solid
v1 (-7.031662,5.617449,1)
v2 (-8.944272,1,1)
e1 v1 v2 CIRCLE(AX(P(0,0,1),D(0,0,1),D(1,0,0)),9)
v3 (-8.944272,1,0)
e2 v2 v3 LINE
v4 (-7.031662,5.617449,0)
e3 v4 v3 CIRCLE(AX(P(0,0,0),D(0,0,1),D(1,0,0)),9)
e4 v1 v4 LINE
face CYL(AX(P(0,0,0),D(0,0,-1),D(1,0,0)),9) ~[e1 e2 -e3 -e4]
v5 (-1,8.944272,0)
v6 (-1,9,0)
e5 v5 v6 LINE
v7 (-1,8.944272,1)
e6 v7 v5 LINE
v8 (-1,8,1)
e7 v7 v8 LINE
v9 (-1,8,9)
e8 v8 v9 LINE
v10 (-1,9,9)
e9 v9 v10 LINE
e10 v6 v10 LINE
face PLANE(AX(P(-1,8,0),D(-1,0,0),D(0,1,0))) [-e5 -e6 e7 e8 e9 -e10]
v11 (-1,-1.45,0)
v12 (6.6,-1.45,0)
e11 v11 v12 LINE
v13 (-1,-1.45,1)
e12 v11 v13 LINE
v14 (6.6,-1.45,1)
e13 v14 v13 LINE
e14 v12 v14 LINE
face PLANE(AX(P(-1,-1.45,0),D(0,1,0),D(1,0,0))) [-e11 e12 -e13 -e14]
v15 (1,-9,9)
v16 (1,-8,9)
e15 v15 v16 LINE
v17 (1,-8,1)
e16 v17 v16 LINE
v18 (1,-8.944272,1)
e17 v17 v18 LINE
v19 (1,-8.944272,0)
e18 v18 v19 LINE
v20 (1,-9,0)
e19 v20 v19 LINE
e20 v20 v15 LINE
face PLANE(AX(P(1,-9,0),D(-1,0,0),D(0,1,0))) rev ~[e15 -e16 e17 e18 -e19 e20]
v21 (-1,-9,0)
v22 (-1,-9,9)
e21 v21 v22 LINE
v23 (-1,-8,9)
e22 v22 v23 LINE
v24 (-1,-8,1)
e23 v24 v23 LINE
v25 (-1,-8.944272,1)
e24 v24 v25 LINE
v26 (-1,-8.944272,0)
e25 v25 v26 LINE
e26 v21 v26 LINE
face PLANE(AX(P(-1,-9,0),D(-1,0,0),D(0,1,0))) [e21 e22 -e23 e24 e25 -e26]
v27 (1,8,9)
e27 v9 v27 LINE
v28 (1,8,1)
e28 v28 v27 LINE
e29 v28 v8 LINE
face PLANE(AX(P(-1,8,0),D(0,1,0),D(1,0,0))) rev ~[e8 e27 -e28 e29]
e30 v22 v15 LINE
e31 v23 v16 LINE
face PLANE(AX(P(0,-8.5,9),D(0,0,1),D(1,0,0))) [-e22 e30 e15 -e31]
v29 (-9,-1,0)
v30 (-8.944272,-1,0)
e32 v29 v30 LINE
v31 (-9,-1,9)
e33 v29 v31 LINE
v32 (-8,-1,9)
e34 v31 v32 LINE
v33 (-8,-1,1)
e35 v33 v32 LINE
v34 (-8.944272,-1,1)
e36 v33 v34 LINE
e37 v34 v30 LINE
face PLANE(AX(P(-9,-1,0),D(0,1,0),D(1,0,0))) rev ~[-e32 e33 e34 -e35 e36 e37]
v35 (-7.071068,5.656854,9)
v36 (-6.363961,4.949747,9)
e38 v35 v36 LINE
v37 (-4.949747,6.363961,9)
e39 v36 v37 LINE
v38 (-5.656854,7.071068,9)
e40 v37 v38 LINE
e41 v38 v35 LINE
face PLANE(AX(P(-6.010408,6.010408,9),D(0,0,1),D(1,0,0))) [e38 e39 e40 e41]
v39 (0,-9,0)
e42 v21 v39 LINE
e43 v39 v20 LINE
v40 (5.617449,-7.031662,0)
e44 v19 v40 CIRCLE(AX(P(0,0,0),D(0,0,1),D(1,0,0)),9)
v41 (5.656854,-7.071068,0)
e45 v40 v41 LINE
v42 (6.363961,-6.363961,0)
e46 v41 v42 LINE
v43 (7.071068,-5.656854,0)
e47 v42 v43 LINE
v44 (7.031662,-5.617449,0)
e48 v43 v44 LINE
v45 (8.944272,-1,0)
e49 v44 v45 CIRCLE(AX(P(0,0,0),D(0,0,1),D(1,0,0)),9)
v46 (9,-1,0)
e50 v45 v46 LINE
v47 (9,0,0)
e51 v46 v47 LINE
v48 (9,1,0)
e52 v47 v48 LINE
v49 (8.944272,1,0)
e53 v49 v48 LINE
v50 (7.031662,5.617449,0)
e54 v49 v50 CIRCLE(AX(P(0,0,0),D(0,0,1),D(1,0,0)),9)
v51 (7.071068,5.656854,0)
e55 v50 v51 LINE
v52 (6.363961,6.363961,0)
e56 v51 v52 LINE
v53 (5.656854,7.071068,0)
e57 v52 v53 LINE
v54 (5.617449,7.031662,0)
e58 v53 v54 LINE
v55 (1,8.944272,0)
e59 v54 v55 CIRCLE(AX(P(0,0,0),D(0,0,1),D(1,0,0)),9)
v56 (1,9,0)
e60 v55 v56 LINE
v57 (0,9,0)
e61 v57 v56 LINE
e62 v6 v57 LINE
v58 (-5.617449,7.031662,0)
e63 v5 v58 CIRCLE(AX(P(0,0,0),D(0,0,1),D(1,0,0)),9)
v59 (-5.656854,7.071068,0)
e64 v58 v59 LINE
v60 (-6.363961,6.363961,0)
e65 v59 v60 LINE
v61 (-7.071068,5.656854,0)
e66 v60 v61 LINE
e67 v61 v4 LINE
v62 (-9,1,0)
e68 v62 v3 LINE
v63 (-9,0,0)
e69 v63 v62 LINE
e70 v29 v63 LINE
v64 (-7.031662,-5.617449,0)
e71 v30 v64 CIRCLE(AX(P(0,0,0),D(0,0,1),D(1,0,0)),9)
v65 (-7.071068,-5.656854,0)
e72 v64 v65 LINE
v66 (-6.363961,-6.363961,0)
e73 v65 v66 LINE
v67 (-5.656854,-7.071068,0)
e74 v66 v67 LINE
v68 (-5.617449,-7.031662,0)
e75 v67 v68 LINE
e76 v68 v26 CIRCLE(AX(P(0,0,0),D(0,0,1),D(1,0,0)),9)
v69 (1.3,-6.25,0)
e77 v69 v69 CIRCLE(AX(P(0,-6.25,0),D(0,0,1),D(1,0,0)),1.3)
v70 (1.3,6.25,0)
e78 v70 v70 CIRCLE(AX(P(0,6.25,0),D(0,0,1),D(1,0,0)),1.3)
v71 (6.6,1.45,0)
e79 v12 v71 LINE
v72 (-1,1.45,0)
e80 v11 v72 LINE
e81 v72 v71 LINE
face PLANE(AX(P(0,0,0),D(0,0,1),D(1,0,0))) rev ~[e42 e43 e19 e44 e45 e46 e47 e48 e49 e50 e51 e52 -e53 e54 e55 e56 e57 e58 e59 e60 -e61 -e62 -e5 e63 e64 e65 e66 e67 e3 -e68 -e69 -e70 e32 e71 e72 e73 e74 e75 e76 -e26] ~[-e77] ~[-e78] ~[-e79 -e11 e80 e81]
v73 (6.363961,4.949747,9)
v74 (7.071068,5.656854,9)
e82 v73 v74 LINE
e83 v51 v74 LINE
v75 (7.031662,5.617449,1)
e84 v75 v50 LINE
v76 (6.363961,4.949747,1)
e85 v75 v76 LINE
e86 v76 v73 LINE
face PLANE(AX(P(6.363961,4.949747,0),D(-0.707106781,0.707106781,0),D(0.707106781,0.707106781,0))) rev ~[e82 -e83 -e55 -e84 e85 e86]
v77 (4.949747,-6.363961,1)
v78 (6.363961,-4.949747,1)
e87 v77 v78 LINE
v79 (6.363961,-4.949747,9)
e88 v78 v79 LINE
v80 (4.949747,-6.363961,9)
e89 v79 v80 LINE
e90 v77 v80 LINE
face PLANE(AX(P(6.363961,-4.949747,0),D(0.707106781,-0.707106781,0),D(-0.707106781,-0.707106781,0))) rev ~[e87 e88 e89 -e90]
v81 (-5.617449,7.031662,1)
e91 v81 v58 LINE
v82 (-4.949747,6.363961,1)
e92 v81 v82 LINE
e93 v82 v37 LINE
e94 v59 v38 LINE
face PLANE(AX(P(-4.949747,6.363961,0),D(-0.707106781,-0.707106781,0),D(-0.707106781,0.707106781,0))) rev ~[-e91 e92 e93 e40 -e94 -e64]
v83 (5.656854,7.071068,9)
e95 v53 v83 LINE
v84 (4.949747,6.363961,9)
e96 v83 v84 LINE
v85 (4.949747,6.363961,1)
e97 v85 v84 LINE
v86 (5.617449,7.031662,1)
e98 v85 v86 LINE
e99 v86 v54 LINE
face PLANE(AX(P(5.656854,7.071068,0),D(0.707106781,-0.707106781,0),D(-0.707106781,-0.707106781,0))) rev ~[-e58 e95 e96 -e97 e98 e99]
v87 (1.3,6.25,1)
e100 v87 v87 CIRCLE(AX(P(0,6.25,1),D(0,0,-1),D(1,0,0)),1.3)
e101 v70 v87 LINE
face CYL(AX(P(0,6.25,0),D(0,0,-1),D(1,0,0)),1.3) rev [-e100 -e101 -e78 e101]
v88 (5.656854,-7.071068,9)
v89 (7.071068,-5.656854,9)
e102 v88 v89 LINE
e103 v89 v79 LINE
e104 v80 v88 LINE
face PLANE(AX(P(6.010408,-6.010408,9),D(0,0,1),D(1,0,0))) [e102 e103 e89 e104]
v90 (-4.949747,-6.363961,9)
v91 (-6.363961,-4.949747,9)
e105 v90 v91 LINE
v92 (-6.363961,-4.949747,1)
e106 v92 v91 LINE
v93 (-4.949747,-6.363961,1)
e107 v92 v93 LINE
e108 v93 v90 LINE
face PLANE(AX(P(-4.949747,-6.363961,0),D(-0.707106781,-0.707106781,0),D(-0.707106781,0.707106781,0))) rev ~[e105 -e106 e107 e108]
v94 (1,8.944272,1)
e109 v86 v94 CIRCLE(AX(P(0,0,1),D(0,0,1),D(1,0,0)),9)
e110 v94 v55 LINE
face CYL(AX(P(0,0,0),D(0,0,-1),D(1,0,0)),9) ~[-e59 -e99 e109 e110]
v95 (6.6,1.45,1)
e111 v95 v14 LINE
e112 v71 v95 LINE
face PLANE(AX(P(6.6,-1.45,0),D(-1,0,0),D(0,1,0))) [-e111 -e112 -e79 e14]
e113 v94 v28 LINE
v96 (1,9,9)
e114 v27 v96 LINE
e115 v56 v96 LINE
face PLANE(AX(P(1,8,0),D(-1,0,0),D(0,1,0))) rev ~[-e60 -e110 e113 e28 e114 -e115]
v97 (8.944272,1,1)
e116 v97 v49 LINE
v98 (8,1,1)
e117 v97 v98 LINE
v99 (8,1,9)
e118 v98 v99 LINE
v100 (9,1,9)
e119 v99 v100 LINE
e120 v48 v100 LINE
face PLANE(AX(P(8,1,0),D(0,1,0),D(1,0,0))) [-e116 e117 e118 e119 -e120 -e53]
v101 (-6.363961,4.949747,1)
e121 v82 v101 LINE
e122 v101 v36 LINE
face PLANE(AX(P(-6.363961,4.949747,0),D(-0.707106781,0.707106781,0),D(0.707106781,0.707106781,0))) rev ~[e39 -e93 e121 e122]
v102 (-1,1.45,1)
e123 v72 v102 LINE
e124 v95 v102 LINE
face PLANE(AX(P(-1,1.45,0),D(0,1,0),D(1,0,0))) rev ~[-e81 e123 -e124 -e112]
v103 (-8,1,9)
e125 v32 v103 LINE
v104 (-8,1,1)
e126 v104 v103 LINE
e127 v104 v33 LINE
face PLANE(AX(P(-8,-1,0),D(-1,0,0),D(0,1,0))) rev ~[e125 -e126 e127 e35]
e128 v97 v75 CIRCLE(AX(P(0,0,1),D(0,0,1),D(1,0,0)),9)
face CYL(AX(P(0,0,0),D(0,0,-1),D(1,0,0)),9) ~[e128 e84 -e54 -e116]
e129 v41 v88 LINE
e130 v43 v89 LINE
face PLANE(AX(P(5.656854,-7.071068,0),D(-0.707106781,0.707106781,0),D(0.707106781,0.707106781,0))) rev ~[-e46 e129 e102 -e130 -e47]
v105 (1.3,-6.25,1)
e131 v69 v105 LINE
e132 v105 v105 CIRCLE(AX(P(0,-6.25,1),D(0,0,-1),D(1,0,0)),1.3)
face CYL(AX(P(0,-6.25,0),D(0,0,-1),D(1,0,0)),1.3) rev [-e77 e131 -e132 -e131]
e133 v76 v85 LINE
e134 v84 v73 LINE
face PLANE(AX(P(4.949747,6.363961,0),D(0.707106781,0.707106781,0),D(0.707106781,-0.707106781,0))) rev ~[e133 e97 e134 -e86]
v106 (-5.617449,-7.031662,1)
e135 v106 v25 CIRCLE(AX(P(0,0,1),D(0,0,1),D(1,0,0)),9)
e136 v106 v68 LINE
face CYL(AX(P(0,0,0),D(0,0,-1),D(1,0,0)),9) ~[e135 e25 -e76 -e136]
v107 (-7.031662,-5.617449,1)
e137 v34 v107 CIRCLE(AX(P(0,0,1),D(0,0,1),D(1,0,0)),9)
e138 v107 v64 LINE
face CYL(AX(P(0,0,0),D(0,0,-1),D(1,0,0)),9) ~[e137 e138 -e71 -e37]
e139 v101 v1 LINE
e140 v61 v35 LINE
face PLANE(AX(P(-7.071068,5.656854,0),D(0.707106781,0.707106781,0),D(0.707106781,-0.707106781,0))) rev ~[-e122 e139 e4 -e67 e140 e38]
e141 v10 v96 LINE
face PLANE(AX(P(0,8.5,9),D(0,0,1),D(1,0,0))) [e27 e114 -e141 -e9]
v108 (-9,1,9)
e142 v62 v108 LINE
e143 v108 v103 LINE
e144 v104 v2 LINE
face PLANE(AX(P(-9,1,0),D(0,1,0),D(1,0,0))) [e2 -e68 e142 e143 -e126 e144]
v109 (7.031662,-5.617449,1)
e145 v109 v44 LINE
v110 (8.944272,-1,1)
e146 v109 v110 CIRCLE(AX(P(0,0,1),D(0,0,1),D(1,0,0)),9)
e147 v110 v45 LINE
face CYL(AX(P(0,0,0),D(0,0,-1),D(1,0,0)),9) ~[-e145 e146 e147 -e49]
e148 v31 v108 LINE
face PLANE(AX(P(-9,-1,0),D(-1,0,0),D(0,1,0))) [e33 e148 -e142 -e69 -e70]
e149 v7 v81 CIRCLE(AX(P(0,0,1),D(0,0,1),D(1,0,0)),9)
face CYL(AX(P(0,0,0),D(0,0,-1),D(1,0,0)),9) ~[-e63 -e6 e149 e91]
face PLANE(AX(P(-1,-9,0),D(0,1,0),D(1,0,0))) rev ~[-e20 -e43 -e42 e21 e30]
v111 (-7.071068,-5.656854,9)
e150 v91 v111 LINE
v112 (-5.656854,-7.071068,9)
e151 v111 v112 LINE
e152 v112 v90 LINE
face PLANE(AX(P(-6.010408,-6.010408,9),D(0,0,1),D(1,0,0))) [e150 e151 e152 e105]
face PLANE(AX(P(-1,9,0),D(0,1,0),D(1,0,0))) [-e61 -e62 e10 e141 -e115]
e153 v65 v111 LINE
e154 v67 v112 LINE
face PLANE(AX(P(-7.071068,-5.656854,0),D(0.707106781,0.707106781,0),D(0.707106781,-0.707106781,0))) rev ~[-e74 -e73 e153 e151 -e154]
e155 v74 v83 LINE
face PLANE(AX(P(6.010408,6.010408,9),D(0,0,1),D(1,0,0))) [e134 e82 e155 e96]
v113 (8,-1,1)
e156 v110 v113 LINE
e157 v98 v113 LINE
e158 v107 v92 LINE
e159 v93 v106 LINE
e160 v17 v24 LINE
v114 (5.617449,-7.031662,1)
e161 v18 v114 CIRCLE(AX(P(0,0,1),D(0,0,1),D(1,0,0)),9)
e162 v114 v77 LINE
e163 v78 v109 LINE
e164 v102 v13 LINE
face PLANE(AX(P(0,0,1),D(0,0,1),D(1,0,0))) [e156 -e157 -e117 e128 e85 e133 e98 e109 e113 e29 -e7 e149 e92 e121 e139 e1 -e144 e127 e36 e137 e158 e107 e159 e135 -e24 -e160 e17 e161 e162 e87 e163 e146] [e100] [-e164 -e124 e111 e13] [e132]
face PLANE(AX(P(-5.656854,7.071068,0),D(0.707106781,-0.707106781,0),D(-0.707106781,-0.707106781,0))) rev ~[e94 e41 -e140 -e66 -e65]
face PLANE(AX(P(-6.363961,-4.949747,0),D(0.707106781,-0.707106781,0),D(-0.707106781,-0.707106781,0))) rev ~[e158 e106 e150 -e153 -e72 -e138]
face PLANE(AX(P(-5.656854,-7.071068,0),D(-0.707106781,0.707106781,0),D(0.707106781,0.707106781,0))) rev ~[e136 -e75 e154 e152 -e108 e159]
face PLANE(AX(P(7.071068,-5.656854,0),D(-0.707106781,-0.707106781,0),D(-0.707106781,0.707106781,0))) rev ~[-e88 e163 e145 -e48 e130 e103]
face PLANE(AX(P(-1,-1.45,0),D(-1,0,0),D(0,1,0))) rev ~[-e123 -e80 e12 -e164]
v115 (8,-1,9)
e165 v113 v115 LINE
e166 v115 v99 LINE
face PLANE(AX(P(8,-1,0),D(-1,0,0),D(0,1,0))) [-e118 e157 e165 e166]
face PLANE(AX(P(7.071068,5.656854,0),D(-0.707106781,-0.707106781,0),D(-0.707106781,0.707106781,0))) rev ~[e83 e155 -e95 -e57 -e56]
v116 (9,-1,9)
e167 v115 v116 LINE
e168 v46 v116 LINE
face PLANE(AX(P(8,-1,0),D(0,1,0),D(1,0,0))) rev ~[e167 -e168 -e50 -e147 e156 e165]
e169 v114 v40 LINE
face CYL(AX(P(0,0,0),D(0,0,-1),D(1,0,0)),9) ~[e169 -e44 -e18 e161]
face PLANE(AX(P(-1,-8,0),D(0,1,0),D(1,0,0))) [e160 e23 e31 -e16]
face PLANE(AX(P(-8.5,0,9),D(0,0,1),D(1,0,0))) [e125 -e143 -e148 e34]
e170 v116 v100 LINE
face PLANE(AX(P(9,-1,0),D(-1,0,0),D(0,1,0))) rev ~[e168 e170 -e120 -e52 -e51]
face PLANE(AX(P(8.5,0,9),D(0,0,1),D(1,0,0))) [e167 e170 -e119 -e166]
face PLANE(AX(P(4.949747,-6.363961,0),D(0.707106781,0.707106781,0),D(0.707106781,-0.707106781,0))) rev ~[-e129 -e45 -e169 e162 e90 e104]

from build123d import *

# Parameters (mm, degrees)
SKETCH_1_R          = 9
EXTRUDE_1_DEPTH     = 1
SKETCH_2_R          = 1.3
CUT_EXTRUDE_1_DEPTH = 2
SKETCH_4_W          = 7.6
SKETCH_4_H          = 2.9
CUT_EXTRUDE_6_DEPTH = 2
SKETCH_5_W          = 1
SKETCH_5_H          = 2
SKETCH_5_W_2        = 2
SKETCH_5_H_2        = 1
EXTRUDE_3_DEPTH     = 9


with BuildPart() as part:
    # ｽｹｯﾁ1 → ﾎﾞｽ - 押し出し1 (new body)
    with BuildSketch(Plane.XY):
        Circle(SKETCH_1_R)
    extrude(amount=EXTRUDE_1_DEPTH)

    # ｽｹｯﾁ2 → ｶｯﾄ - 押し出し1 (cut, through all)
    with BuildSketch(Plane.XY):
        with Locations((0, 6.25)):
            Circle(SKETCH_2_R)
        with Locations((0, -6.25)):
            Circle(SKETCH_2_R)
    extrude(amount=CUT_EXTRUDE_1_DEPTH, mode=Mode.SUBTRACT)

    # ｽｹｯﾁ4 → ｶｯﾄ - 押し出し6 (cut, through all)
    with BuildSketch(Plane.XY):
        with Locations((2.8, 0)):
            Rectangle(SKETCH_4_W, SKETCH_4_H)
    extrude(amount=CUT_EXTRUDE_6_DEPTH, mode=Mode.SUBTRACT)

    # ｽｹｯﾁ5 → ﾎﾞｽ - 押し出し3 (add)
    with BuildSketch(Plane.XY):
        Polygon((-6.363961031, 4.949747468), (-4.949747468, 6.363961031), (-5.656854249, 7.071067812), (-7.071067812, 5.656854249), align=None)
        with Locations((-8.5, 0)):
            Rectangle(SKETCH_5_W, SKETCH_5_H)
        with Locations((0, 8.5)):
            Rectangle(SKETCH_5_W_2, SKETCH_5_H_2)
        Polygon((4.949747468, 6.363961031), (6.363961031, 4.949747468), (7.071067812, 5.656854249), (5.656854249, 7.071067812), align=None)
        with Locations((8.5, 0)):
            Rectangle(SKETCH_5_W, SKETCH_5_H)
        Polygon((6.363961031, -4.949747468), (4.949747468, -6.363961031), (5.656854249, -7.071067812), (7.071067812, -5.656854249), align=None)
        with Locations((0, -8.5)):
            Rectangle(SKETCH_5_W_2, SKETCH_5_H_2)
        Polygon((-4.949747468, -6.363961031), (-6.363961031, -4.949747468), (-7.071067812, -5.656854249), (-5.656854249, -7.071067812), align=None)
    extrude(amount=EXTRUDE_3_DEPTH)


solid = part.part
